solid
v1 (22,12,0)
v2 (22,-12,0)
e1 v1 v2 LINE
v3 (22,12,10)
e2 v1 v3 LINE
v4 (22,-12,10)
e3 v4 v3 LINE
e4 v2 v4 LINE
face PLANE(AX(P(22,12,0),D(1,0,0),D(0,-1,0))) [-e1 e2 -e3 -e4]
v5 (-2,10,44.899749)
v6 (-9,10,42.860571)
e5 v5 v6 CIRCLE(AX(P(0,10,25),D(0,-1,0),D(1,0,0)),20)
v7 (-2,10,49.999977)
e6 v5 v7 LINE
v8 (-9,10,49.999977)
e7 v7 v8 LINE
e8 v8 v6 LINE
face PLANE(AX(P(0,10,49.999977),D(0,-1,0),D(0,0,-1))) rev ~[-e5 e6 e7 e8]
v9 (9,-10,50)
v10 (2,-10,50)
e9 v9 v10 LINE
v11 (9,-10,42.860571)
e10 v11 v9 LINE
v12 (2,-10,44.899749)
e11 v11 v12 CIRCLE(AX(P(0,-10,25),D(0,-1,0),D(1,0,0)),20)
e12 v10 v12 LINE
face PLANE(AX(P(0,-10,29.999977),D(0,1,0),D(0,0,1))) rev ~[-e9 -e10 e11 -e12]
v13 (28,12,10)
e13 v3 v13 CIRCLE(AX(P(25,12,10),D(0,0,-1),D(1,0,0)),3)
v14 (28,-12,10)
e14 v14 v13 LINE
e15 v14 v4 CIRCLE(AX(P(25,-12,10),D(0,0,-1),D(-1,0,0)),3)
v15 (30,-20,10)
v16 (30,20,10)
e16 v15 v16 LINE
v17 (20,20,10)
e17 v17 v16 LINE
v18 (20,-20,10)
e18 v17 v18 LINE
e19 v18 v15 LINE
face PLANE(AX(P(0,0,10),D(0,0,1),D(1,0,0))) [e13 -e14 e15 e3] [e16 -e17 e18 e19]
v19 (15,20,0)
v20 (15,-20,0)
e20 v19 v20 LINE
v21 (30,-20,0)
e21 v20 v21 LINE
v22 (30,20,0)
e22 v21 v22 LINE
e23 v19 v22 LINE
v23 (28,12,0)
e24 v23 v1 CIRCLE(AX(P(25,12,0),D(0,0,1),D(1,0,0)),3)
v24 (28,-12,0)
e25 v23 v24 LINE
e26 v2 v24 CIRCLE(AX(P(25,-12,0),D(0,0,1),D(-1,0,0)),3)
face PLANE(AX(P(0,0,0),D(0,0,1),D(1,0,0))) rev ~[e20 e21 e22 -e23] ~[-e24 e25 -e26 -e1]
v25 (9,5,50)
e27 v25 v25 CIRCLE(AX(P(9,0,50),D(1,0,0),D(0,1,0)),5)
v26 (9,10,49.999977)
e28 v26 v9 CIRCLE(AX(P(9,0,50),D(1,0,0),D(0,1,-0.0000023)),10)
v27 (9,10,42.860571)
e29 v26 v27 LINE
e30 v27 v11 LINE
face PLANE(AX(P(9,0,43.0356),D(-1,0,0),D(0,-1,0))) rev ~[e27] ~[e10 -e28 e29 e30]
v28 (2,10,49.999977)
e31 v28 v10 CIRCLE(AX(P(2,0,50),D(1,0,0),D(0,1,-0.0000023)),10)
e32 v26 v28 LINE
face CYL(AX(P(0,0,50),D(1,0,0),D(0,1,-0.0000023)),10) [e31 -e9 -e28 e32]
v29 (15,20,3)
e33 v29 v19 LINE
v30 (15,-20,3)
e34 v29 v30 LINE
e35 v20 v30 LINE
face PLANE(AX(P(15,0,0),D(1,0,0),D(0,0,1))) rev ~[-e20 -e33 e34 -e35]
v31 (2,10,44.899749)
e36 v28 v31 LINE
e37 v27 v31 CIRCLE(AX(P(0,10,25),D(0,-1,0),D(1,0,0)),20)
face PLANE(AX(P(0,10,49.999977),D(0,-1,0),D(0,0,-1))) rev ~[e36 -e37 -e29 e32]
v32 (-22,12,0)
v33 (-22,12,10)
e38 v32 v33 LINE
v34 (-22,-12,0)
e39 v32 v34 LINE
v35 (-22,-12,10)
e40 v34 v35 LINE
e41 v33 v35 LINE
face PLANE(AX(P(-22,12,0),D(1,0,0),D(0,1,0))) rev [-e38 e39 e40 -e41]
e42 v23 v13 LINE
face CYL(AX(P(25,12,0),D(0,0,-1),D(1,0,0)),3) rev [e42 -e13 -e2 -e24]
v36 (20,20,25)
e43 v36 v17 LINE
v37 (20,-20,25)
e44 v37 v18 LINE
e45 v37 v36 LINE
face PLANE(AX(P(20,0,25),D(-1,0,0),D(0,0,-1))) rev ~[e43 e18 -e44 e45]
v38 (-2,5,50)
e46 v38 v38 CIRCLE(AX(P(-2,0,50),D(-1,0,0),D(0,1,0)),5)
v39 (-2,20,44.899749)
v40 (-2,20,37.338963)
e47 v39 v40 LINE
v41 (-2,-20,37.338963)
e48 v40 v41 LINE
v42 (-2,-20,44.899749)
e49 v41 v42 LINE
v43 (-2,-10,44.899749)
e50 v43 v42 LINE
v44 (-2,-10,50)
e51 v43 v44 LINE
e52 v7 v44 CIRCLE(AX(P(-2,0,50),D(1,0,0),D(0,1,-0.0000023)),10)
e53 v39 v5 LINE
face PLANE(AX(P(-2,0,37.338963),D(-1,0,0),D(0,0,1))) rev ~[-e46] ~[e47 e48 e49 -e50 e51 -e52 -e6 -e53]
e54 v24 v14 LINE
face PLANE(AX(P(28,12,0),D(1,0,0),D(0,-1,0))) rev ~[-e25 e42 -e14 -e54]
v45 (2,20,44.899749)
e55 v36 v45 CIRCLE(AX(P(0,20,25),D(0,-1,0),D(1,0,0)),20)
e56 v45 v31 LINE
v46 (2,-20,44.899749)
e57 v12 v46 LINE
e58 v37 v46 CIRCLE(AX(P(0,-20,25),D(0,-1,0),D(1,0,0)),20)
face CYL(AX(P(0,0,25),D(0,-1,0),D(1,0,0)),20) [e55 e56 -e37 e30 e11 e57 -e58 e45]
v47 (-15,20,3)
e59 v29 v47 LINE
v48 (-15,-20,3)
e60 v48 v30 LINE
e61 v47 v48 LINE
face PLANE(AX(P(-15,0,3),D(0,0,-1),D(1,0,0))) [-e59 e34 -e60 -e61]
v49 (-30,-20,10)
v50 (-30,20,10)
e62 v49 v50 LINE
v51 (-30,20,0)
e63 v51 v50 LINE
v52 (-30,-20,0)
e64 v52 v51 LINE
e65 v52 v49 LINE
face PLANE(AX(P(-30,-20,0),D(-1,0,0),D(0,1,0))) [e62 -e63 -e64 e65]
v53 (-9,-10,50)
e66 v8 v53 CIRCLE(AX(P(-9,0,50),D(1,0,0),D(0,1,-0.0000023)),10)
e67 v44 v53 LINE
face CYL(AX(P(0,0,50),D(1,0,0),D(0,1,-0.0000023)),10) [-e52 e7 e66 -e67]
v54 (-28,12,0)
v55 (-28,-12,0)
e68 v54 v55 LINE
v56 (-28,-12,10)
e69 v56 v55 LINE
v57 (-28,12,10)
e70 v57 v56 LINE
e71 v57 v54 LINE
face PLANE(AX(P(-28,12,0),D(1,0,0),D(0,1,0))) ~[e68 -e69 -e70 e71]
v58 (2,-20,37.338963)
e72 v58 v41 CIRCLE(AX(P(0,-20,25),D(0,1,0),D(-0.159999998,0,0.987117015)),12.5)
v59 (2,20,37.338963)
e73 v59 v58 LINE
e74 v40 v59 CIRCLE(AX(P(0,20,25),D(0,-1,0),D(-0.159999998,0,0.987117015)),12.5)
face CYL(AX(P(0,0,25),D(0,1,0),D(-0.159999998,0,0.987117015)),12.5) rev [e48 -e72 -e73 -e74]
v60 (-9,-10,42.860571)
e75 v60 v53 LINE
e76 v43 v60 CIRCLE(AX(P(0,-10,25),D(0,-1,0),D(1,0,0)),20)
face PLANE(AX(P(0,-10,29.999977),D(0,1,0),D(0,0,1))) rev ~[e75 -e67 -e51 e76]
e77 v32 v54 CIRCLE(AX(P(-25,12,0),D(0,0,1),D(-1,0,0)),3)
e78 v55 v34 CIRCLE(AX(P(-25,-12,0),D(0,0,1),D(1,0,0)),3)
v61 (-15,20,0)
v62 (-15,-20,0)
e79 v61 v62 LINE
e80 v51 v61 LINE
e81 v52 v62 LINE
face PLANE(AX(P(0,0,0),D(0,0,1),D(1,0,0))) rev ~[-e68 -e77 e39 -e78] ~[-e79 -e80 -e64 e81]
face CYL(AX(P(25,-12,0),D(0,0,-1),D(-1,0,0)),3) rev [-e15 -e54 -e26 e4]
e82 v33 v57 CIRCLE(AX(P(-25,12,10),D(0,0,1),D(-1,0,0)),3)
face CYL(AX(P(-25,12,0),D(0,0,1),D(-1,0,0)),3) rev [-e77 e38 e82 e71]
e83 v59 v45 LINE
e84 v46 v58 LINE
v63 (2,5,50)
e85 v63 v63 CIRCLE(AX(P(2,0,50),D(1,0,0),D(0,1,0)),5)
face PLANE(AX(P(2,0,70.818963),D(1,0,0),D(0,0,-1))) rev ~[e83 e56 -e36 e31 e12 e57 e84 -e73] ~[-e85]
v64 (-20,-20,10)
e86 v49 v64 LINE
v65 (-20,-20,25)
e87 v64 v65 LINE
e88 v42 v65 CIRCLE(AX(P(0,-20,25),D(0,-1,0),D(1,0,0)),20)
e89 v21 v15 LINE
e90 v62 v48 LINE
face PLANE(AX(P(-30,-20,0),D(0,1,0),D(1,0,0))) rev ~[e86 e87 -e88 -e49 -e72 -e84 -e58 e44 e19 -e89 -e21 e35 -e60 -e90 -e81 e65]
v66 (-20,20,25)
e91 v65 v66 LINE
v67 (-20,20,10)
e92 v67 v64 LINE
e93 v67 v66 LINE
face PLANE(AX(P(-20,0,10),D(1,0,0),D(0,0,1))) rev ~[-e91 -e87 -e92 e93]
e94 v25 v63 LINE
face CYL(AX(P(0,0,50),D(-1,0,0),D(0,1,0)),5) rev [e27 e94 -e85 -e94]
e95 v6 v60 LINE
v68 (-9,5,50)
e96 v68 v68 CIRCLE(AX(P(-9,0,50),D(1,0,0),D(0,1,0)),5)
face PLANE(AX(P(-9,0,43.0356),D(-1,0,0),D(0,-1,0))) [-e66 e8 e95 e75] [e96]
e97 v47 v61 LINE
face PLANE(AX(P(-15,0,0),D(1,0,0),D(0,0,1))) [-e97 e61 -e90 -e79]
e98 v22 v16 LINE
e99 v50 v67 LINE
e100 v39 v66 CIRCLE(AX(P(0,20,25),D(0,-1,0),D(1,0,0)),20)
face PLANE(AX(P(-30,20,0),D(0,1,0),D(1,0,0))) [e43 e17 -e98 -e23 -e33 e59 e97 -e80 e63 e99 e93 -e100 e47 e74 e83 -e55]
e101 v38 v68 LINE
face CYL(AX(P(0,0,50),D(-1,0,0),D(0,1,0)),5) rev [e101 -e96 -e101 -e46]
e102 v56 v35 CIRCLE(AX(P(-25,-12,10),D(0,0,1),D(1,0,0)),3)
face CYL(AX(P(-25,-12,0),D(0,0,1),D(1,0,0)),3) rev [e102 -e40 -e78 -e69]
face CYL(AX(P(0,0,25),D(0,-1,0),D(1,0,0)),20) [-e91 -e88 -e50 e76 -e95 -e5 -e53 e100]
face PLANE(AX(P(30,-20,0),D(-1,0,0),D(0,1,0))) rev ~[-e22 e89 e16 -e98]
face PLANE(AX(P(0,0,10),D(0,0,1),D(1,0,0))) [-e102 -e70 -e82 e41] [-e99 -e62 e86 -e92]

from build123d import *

# Parameters (mm, degrees)
SKETCH_W             = 60
SKETCH_H             = 40
PAD_DEPTH            = 10
PAD001_DEPTH         = 20
SKETCH002_R          = 5
PAD002_DEPTH         = 9
POCKET_DEPTH         = 20.001
POCKET_DEPTH_BACK    = 20.001
SKETCH004_W          = 30
SKETCH004_H          = 3
POCKET001_DEPTH      = 20.001
POCKET001_DEPTH_BACK = 20.001
POCKET002_DEPTH      = 187.61763
POCKET002_DEPTH_BACK = 247.61763


with BuildPart() as part:
    # Sketch → Pad (new body)
    with BuildSketch(Plane.XY):
        Rectangle(SKETCH_W, SKETCH_H)
    extrude(amount=PAD_DEPTH)

    # Sketch001 → Pad001 (join, symmetric)
    with BuildSketch(Plane.XZ):
        with BuildLine():
            Line((-20, 10), (-20, 25))
            ThreePointArc((20, 25), (0, 45), (-20, 25))
            Line((20, 25), (20, 10))
            Line((-20, 10), (20, 10))
        make_face()
    extrude(amount=PAD001_DEPTH, both=True)

    # Sketch002 → Pad002 (join, symmetric)
    with BuildSketch(Plane.YZ):
        with BuildLine():
            Line((-10, 29.999977), (-10, 50))
            ThreePointArc((10, 49.999977), (1.1e-05, 60), (-10, 50))
            Line((10, 49.999977), (10, 29.999977))
            Line((10, 29.999977), (-10, 29.999977))
        make_face()
        with Locations((0, 50)):
            Circle(SKETCH002_R, mode=Mode.SUBTRACT)
    extrude(amount=PAD002_DEPTH, both=True)

    # Sketch003 → Pocket (cut, two sides)
    with BuildSketch(Plane.XZ) as pocket_sk:
        with BuildLine():
            ThreePointArc((-2, 37.338963), (0, 12.5), (2, 37.338963))
            Line((2, 70.818963), (2, 37.338963))
            Line((-2, 70.818963), (2, 70.818963))
            Line((-2, 37.338963), (-2, 70.818963))
        make_face()
    extrude(amount=-POCKET_DEPTH, mode=Mode.SUBTRACT)
    extrude(pocket_sk.sketch, amount=POCKET_DEPTH_BACK, mode=Mode.SUBTRACT)

    # Sketch004 → Pocket001 (cut, two sides)
    with BuildSketch(Plane.XZ) as pocket001_sk:
        with Locations((0, 1.5)):
            Rectangle(SKETCH004_W, SKETCH004_H)
    extrude(amount=-POCKET001_DEPTH, mode=Mode.SUBTRACT)
    extrude(pocket001_sk.sketch, amount=POCKET001_DEPTH_BACK, mode=Mode.SUBTRACT)

    # Sketch005 → Pocket002 (cut, two sides)
    with BuildSketch(Plane.XY) as pocket002_sk:
        with BuildLine():
            ThreePointArc((28, 12), (25, 15), (22, 12))
            Line((22, 12), (22, -12))
            ThreePointArc((22, -12), (25, -15), (28, -12))
            Line((28, 12), (28, -12))
        make_face()
    pocket002 = extrude(amount=-POCKET002_DEPTH, mode=Mode.SUBTRACT) + extrude(pocket002_sk.sketch, amount=POCKET002_DEPTH_BACK, mode=Mode.SUBTRACT)

    # Mirrored: Pocket002 across Sketch005 V_Axis
    add(pocket002.mirror(Plane(origin=(0, 0, 0), x_dir=(0, 0, 1), z_dir=(1, 0, 0))), mode=Mode.SUBTRACT)


solid = part.part
